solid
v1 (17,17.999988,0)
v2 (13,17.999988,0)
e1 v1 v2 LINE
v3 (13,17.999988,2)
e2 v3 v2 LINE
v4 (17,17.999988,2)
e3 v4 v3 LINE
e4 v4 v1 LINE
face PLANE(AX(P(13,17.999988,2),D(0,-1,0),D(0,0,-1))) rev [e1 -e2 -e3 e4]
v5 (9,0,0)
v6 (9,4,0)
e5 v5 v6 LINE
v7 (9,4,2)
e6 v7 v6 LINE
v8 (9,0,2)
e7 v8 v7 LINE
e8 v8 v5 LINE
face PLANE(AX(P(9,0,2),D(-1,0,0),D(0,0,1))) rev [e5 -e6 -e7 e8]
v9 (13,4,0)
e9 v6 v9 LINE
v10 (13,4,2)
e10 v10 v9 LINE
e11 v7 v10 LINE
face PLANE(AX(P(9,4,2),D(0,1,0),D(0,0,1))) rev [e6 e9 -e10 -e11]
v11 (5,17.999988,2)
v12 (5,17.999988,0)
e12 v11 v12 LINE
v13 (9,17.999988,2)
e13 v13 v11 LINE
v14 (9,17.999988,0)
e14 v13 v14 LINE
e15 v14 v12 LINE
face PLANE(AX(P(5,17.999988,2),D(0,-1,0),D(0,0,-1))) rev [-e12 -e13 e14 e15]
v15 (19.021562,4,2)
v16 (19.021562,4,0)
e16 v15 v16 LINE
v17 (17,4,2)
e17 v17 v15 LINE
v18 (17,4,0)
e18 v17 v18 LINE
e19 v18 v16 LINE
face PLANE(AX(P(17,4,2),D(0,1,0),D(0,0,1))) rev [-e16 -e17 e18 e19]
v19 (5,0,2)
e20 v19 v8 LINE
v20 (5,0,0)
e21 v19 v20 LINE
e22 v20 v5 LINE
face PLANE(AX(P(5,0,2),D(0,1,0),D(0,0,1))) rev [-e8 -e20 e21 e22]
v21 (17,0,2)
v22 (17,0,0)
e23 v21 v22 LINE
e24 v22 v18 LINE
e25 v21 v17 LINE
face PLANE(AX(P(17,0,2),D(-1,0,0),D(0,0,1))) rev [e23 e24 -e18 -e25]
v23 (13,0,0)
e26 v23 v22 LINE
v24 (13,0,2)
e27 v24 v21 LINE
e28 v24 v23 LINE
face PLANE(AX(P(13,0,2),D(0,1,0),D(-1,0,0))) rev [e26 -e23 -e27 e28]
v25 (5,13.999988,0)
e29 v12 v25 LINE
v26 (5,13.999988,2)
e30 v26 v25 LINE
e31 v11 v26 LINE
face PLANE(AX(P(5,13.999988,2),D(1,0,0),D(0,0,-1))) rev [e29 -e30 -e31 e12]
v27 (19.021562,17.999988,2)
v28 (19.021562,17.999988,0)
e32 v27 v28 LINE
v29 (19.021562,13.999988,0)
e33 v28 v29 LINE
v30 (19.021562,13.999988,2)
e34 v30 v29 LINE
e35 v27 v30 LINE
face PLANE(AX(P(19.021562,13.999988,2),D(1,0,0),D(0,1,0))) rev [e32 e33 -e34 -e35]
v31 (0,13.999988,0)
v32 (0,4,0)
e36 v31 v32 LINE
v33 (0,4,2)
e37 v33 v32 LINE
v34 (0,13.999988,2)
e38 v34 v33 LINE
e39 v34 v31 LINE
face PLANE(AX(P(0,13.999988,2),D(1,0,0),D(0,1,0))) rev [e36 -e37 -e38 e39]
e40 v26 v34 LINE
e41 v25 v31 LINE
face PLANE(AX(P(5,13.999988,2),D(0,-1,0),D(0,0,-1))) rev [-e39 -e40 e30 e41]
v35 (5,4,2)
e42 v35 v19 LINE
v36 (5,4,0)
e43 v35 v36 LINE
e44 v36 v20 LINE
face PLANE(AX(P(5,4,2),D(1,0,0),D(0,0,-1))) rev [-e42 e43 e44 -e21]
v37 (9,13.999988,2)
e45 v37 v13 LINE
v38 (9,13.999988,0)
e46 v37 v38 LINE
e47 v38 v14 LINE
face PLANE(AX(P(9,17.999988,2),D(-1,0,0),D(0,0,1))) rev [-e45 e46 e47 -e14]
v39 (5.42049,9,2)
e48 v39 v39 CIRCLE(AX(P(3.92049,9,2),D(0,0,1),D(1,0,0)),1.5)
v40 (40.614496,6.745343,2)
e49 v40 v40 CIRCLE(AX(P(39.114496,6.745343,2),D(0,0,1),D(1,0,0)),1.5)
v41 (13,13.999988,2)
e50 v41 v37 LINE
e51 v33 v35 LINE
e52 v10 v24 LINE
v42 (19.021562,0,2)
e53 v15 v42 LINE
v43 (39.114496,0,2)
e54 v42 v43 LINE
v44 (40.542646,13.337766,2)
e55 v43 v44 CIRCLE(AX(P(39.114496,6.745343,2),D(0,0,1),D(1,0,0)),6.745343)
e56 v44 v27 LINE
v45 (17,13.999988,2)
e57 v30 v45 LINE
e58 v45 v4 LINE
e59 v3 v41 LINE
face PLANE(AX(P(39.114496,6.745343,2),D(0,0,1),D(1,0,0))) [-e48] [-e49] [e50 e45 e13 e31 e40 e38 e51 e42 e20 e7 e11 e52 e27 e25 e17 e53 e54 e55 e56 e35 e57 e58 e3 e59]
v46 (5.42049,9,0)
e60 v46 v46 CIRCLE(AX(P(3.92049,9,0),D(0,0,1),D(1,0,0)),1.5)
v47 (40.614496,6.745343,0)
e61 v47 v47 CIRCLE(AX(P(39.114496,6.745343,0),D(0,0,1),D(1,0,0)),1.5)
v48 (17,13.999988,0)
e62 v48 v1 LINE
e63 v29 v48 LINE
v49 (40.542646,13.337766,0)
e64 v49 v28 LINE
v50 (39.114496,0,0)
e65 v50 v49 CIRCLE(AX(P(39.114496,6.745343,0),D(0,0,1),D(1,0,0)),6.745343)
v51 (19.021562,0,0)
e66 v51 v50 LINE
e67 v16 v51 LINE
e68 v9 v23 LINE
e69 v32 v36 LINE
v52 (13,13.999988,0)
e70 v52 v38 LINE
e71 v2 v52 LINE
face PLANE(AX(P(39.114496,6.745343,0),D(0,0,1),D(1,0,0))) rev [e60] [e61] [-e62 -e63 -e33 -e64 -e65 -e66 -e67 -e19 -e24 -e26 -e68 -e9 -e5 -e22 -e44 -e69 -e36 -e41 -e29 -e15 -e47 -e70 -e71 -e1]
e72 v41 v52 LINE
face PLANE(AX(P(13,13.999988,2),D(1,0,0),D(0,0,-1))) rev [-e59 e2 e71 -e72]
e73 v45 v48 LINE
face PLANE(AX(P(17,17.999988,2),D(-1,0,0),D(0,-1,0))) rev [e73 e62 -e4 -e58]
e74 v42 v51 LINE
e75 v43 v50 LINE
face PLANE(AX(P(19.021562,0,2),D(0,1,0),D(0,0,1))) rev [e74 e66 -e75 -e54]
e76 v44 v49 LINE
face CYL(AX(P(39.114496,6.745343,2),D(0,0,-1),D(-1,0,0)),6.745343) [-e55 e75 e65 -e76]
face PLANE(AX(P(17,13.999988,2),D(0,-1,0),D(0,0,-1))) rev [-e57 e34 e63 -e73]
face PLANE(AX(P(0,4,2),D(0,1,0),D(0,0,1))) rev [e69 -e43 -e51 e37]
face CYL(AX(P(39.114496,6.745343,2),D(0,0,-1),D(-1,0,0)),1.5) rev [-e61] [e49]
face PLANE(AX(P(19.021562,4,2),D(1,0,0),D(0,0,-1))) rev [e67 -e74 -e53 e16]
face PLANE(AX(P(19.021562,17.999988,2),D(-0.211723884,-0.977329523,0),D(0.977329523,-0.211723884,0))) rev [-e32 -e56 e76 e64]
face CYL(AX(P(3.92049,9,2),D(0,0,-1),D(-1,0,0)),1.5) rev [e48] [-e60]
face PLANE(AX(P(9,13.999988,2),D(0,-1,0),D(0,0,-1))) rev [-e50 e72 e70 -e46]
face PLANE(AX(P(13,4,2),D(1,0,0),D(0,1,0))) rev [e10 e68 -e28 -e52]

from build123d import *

# Parameters (mm, degrees)
SKETCH1_R           = 1.5
BOSS_EXTRUDE1_DEPTH = 2


with BuildPart() as part:
    # Sketch1 → Boss-Extrude1 (new body)
    with BuildSketch(Plane.XY):
        with BuildLine():
            Line((5, 0), (9, 0))
            Line((9, 0), (9, 4))
            Line((9, 4), (13, 4))
            Line((13, 4), (13, 0))
            Line((13, 0), (17, 0))
            Line((17, 0), (17, 4))
            Line((17, 4), (19.021561934, 4))
            Line((19.021561934, 4), (19.021561934, 0))
            Line((19.021561934, 0), (39.114495851, 0))
            ThreePointArc((39.114495851, 0), (45.821499943, 6.027186123), (40.542646089, 13.337766021))
            Line((40.542646089, 13.337766021), (19.021561934, 17.999988357))
            Line((19.021561934, 17.999988357), (19.021561934, 13.999988357))
            Line((19.021561934, 13.999988357), (17, 13.999988357))
            Line((17, 13.999988357), (17, 17.999988357))
            Line((17, 17.999988357), (13, 17.999988357))
            Line((13, 17.999988357), (13, 13.999988357))
            Line((13, 13.999988357), (9, 13.999988357))
            Line((9, 13.999988357), (9, 17.999988357))
            Line((9, 17.999988357), (5, 17.999988357))
            Line((5, 17.999988357), (5, 13.999988357))
            Line((5, 13.999988357), (0, 13.999988357))
            Line((0, 13.999988357), (0, 4))
            Line((0, 4), (5, 4))
            Line((5, 4), (5, 0))
        make_face()
        with Locations((3.920490093, 9)):
            Circle(SKETCH1_R, mode=Mode.SUBTRACT)
        with Locations((39.114495851, 6.745343083)):
            Circle(SKETCH1_R, mode=Mode.SUBTRACT)
    extrude(amount=BOSS_EXTRUDE1_DEPTH)


solid = part.part
